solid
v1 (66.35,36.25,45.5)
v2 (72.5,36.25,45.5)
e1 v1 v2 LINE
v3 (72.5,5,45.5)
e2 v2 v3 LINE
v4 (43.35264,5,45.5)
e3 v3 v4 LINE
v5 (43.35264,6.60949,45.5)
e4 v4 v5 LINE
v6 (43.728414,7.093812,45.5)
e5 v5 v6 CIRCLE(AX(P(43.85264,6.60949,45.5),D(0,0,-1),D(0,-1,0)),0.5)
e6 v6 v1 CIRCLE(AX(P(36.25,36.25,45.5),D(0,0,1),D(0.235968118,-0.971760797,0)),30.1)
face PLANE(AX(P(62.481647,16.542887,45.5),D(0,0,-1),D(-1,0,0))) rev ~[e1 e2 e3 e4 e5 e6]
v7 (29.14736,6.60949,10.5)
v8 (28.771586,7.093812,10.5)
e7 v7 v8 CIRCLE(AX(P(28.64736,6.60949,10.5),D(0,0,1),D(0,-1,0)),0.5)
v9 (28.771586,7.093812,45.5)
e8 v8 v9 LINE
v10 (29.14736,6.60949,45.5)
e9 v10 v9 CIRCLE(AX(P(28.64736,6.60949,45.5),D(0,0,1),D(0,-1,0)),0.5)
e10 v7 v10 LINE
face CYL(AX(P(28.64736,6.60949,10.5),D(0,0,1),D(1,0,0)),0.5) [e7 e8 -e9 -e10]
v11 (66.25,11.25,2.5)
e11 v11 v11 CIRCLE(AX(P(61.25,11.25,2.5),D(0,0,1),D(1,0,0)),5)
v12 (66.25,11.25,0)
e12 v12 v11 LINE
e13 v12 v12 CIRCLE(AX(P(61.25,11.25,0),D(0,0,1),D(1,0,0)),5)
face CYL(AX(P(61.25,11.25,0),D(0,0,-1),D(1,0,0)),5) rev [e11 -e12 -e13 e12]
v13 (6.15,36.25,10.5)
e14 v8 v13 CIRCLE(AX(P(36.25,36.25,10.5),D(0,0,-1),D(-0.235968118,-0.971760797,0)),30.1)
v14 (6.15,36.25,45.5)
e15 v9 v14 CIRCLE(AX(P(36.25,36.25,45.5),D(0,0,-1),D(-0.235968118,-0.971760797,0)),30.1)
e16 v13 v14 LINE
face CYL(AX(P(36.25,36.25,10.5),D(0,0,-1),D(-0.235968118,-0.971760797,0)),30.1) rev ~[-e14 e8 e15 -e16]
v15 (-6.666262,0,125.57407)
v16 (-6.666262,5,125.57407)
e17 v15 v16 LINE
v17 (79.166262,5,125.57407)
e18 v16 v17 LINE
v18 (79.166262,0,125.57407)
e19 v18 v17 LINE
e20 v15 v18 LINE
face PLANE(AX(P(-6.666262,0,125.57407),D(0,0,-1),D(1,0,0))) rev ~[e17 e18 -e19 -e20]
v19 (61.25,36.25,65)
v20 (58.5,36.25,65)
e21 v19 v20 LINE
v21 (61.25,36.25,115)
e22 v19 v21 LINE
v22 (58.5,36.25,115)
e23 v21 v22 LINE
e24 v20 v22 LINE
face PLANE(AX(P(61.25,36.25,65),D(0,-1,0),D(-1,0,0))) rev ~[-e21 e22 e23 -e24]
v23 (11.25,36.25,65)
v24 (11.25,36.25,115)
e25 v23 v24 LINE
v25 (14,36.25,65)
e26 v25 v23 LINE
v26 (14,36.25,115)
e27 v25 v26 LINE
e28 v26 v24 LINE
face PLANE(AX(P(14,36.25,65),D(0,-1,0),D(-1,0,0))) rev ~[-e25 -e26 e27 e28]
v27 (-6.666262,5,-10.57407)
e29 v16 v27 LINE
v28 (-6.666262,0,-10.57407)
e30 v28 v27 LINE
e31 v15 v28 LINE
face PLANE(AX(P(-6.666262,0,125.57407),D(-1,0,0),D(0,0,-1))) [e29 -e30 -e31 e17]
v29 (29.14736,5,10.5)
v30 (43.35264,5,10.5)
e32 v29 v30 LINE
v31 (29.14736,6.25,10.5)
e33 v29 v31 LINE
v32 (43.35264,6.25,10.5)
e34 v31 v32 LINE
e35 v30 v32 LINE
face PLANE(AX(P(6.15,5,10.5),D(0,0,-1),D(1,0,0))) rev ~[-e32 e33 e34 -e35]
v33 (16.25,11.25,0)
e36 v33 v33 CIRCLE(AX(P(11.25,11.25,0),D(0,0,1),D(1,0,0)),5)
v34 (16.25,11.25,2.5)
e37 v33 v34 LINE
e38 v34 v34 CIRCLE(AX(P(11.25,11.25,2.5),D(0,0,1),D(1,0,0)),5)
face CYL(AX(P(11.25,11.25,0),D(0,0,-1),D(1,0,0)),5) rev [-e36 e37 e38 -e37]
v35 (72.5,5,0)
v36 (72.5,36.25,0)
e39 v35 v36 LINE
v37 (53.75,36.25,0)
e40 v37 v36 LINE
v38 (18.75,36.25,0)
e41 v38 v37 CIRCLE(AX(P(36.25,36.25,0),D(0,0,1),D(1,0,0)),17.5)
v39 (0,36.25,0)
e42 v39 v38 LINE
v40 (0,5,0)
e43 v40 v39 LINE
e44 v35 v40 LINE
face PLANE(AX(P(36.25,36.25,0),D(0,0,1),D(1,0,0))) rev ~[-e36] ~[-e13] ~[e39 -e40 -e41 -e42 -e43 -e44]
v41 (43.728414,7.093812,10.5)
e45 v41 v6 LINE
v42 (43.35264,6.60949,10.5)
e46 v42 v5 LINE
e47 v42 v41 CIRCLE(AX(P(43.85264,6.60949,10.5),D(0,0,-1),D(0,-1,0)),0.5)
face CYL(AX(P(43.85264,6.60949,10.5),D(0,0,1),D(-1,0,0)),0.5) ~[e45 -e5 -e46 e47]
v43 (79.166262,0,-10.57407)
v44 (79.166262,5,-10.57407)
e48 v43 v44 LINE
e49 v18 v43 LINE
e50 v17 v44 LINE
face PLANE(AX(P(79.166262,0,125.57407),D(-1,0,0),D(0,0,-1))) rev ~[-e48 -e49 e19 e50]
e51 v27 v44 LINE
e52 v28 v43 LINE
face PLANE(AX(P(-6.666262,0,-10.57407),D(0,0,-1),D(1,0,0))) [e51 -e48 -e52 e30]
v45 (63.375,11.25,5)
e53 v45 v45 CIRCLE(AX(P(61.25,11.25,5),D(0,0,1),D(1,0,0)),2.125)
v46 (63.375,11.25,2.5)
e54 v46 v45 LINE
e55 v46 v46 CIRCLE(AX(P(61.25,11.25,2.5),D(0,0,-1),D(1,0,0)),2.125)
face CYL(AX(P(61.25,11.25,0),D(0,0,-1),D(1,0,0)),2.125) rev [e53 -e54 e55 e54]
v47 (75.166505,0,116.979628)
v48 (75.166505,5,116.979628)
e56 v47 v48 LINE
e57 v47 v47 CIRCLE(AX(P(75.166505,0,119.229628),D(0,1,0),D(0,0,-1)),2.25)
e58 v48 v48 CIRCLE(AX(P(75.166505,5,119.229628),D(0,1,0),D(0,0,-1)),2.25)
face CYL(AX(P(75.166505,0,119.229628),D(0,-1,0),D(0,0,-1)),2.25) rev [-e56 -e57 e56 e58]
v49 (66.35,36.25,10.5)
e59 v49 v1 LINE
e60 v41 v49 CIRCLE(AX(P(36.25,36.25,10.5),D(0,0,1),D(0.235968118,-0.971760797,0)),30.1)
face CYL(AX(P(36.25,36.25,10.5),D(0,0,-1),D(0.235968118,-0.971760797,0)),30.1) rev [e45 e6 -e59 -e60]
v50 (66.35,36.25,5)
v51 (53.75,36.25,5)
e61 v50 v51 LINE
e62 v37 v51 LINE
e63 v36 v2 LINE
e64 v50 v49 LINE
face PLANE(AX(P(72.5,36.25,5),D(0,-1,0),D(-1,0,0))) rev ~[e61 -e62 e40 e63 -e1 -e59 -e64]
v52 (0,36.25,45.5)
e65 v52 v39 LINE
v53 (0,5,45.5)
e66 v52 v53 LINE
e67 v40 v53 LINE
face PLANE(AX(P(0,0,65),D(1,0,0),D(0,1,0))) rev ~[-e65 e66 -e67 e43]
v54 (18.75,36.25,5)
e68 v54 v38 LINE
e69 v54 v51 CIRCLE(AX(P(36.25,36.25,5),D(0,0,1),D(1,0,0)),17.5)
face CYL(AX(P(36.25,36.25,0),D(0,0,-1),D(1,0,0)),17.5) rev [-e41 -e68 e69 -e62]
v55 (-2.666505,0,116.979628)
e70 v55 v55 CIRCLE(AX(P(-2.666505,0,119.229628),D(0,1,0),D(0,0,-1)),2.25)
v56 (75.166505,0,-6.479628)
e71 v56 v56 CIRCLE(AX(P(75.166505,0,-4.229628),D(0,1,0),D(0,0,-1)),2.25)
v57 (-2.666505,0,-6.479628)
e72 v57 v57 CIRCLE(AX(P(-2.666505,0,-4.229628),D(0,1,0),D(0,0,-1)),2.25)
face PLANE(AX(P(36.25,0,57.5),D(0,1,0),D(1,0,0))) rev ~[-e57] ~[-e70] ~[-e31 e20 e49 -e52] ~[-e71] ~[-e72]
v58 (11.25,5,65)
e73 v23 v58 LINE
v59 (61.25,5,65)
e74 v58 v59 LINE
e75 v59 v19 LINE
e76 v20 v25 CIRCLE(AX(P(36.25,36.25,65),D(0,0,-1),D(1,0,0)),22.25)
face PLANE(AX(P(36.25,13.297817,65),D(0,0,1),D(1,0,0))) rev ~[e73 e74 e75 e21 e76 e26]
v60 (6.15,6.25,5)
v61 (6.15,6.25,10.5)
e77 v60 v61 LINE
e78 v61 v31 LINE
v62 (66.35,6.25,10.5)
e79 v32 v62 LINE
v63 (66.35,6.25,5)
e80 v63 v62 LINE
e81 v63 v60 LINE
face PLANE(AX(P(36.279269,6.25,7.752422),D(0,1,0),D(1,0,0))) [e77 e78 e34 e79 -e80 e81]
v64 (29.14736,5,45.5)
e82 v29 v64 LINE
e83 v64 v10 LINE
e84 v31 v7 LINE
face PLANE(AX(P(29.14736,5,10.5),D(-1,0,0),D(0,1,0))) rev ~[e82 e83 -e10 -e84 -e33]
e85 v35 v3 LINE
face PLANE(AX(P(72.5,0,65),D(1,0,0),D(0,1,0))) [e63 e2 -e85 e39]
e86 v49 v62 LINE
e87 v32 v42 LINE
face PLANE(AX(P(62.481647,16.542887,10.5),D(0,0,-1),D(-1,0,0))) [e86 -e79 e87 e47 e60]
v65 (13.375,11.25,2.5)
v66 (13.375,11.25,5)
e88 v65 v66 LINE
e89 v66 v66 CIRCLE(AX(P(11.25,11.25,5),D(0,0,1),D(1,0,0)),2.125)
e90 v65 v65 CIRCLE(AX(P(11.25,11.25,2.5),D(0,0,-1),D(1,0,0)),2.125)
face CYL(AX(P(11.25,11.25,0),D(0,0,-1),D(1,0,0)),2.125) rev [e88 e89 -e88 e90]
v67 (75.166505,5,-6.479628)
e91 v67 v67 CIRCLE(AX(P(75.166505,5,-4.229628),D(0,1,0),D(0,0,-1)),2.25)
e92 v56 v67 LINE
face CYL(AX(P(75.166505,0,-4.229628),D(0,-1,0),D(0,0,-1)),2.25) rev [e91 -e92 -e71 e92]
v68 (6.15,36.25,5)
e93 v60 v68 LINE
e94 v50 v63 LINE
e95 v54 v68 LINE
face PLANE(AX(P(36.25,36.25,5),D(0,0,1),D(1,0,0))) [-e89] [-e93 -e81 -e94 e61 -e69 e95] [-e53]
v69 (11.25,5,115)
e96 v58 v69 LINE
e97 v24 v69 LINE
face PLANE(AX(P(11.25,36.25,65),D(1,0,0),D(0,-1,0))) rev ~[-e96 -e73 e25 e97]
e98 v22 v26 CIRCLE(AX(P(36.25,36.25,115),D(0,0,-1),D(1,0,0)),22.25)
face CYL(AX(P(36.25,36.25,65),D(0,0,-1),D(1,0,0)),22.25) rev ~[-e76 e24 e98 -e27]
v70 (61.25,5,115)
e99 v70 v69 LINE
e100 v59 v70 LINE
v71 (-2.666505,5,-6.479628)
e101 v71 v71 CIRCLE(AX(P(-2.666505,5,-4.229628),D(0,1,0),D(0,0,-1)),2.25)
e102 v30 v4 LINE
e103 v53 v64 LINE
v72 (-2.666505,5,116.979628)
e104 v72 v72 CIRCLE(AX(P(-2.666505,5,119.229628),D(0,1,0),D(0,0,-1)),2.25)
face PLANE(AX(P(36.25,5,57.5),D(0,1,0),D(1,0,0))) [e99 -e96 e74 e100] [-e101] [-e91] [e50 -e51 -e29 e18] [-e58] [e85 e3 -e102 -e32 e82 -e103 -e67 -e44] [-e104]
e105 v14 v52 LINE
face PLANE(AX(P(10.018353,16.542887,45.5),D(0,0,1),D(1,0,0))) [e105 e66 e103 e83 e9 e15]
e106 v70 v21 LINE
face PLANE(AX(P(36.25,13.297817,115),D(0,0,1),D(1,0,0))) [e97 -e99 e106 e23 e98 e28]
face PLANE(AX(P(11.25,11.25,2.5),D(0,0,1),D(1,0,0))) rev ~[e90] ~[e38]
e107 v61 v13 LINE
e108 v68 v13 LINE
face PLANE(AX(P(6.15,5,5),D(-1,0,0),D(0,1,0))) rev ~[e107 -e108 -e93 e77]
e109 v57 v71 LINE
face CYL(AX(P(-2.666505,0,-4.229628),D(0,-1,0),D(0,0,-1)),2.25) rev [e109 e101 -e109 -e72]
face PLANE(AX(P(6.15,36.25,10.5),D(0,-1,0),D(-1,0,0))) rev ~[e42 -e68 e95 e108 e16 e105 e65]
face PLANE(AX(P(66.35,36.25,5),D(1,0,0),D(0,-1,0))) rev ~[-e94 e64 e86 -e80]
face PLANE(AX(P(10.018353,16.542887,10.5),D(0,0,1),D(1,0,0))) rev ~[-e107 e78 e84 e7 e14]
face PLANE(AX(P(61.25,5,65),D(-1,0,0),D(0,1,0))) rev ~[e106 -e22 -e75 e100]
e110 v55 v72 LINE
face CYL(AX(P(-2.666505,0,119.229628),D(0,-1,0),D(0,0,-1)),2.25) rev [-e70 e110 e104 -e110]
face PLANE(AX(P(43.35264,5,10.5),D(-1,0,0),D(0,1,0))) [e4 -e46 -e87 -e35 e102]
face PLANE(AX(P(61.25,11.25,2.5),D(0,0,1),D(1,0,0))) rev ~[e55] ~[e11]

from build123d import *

# Parameters (mm, degrees)
SKETCH1_W           = 72.5
SKETCH1_H           = 72.5
SKETCH1_R           = 17.5
SKETCH1_R_2         = 2.125
BOSS_EXTRUDE1_DEPTH = 5
BOSS_EXTRUDE2_DEPTH = 50
SKETCH18_R          = 5
CUT_EXTRUDE1_DEPTH  = 2.5
BOSS_EXTRUDE3_DEPTH = 5.5
SKETCH8_W           = 72.5
SKETCH8_H           = 5
BOSS_EXTRUDE4_DEPTH = 54.5
BOSS_EXTRUDE5_DEPTH = 35
BOSS_EXTRUDE7_DEPTH = 1.25
SKETCH12_W          = 85.832523084
SKETCH12_H          = 136.148140064
SKETCH12_R          = 2.25
BOSS_EXTRUDE6_DEPTH = 5
FILLET10_R          = 0.5
SKETCH26_W          = 72.5
SKETCH26_H          = 36.25
CUT_EXTRUDE3_DEPTH  = 166.204098106


with BuildPart() as part:
    # Sketch1 → Boss-Extrude1 (new body)
    with BuildSketch(Plane.XY):
        with Locations((36.25, 36.25)):
            Rectangle(SKETCH1_W, SKETCH1_H)
        with Locations((36.25, 36.25)):
            Circle(SKETCH1_R, mode=Mode.SUBTRACT)
        with Locations((11.25, 61.25)):
            Circle(SKETCH1_R_2, mode=Mode.SUBTRACT)
        with Locations((61.25, 61.25)):
            Circle(SKETCH1_R_2, mode=Mode.SUBTRACT)
        with Locations((61.25, 11.25)):
            Circle(SKETCH1_R_2, mode=Mode.SUBTRACT)
        with Locations((11.25, 11.25)):
            Circle(SKETCH1_R_2, mode=Mode.SUBTRACT)
    extrude(amount=BOSS_EXTRUDE1_DEPTH)

    # Sketch18 → Cut-Extrude1 (cut)
    with BuildSketch(Plane.XY):
        with Locations((61.25, 61.25)):
            Circle(SKETCH18_R)
        with Locations((11.25, 61.25)):
            Circle(SKETCH18_R)
        with Locations((61.25, 11.25)):
            Circle(SKETCH18_R)
        with Locations((11.25, 11.25)):
            Circle(SKETCH18_R)
    extrude(amount=CUT_EXTRUDE1_DEPTH, mode=Mode.SUBTRACT)

    # Sketch7 → Boss-Extrude3 (add)
    with BuildSketch(Plane.XY.offset(5)):
        Polygon((0, 0), (72.5, 0), (72.5, 36.25), (66.35, 36.25), (66.35, 5), (6.15, 5), (6.15, 36.25), (0, 36.25), align=None)
    extrude(amount=BOSS_EXTRUDE3_DEPTH)



with BuildPart() as body_2:
    # Sketch5 → Boss-Extrude2 (new body)
    with BuildSketch(Plane.XY.offset(65)):
        with BuildLine():
            Line((0, 0), (72.5, 0))
            Line((72.5, 0), (72.5, 5))
            Line((72.5, 5), (61.25, 5))
            Line((61.25, 5), (61.25, 36.25))
            Line((61.25, 36.25), (58.5, 36.25))
            ThreePointArc((58.5, 36.25), (36.25, 14), (14, 36.25))
            Line((14, 36.25), (11.25, 36.25))
            Line((11.25, 36.25), (11.25, 5))
            Line((11.25, 5), (0, 5))
            Line((0, 5), (0, 0))
        make_face()
    extrude(amount=BOSS_EXTRUDE2_DEPTH)


with BuildPart() as part_1:
    add(part.part)

    add(body_2.part)  # Boss-Extrude4 merges body 2
    # Sketch8 → Boss-Extrude4 (add)
    with BuildSketch(Plane.XY.offset(65)):
        with Locations((36.25, 2.5)):
            Rectangle(SKETCH8_W, SKETCH8_H)
    extrude(amount=-BOSS_EXTRUDE4_DEPTH)

    # Sketch11 → Boss-Extrude5 (add)
    with BuildSketch(Plane.XY.offset(10.5)):
        with BuildLine():
            Line((0, 5), (29.147359646, 5))
            Line((29.147359646, 5), (29.147359646, 7))
            ThreePointArc((29.147359646, 7), (12.587799398, 17.645961119), (6.15, 36.25))
            Line((6.15, 36.25), (0, 36.25))
            Line((0, 36.25), (0, 5))
        make_face()
        with BuildLine():
            Line((72.5, 5), (43.352640354, 5))
            Line((43.352640354, 5), (43.352640354, 7))
            ThreePointArc((43.352640354, 7), (59.912200602, 17.645961119), (66.35, 36.25))
            Line((66.35, 36.25), (72.5, 36.25))
            Line((72.5, 36.25), (72.5, 5))
        make_face()
    extrude(amount=BOSS_EXTRUDE5_DEPTH)

    # Sketch17 → Boss-Extrude7 (add)
    with BuildSketch(Plane(origin=(0, 5, 0), x_dir=(1, 0, 0), z_dir=(0, 1, 0))):
        Polygon((6.15, -5), (6.15, -10.5), (66.465854546, -10.5), (66.35, -5), align=None)
    extrude(amount=BOSS_EXTRUDE7_DEPTH)

    # Sketch12 → Boss-Extrude6 (add)
    with BuildSketch(Plane(origin=(0, 0, 0), x_dir=(1, 0, 0), z_dir=(0, 1, 0))):
        with Locations((36.25, -57.5)):
            Rectangle(SKETCH12_W, SKETCH12_H)
        with Locations(Location((-2.666504617, 4.229628013, 0), (0, 0, 90))):
            Circle(SKETCH12_R, mode=Mode.SUBTRACT)
        with Locations(Location((75.166504617, 4.229628013, 0), (0, 0, 90))):
            Circle(SKETCH12_R, mode=Mode.SUBTRACT)
        with Locations(Location((75.166504617, -119.229628013, 0), (0, 0, 90))):
            Circle(SKETCH12_R, mode=Mode.SUBTRACT)
        with Locations(Location((-2.666504617, -119.229628013, 0), (0, 0, 90))):
            Circle(SKETCH12_R, mode=Mode.SUBTRACT)
    extrude(amount=BOSS_EXTRUDE6_DEPTH)

    # Fillet10
    fillet10_edges = [part_1.edges().sort_by_distance(p)[0] for p in [
        (29.147359646, 7, 28),
        (43.352640354, 7, 28),
    ]]
    fillet(fillet10_edges, radius=FILLET10_R)

    # Sketch26 → Cut-Extrude3 (cut, through all)
    with BuildSketch(Plane.XY):
        with Locations((36.25, 54.375)):
            Rectangle(SKETCH26_W, SKETCH26_H)
    extrude(amount=CUT_EXTRUDE3_DEPTH, mode=Mode.SUBTRACT)


solid = part_1.part
